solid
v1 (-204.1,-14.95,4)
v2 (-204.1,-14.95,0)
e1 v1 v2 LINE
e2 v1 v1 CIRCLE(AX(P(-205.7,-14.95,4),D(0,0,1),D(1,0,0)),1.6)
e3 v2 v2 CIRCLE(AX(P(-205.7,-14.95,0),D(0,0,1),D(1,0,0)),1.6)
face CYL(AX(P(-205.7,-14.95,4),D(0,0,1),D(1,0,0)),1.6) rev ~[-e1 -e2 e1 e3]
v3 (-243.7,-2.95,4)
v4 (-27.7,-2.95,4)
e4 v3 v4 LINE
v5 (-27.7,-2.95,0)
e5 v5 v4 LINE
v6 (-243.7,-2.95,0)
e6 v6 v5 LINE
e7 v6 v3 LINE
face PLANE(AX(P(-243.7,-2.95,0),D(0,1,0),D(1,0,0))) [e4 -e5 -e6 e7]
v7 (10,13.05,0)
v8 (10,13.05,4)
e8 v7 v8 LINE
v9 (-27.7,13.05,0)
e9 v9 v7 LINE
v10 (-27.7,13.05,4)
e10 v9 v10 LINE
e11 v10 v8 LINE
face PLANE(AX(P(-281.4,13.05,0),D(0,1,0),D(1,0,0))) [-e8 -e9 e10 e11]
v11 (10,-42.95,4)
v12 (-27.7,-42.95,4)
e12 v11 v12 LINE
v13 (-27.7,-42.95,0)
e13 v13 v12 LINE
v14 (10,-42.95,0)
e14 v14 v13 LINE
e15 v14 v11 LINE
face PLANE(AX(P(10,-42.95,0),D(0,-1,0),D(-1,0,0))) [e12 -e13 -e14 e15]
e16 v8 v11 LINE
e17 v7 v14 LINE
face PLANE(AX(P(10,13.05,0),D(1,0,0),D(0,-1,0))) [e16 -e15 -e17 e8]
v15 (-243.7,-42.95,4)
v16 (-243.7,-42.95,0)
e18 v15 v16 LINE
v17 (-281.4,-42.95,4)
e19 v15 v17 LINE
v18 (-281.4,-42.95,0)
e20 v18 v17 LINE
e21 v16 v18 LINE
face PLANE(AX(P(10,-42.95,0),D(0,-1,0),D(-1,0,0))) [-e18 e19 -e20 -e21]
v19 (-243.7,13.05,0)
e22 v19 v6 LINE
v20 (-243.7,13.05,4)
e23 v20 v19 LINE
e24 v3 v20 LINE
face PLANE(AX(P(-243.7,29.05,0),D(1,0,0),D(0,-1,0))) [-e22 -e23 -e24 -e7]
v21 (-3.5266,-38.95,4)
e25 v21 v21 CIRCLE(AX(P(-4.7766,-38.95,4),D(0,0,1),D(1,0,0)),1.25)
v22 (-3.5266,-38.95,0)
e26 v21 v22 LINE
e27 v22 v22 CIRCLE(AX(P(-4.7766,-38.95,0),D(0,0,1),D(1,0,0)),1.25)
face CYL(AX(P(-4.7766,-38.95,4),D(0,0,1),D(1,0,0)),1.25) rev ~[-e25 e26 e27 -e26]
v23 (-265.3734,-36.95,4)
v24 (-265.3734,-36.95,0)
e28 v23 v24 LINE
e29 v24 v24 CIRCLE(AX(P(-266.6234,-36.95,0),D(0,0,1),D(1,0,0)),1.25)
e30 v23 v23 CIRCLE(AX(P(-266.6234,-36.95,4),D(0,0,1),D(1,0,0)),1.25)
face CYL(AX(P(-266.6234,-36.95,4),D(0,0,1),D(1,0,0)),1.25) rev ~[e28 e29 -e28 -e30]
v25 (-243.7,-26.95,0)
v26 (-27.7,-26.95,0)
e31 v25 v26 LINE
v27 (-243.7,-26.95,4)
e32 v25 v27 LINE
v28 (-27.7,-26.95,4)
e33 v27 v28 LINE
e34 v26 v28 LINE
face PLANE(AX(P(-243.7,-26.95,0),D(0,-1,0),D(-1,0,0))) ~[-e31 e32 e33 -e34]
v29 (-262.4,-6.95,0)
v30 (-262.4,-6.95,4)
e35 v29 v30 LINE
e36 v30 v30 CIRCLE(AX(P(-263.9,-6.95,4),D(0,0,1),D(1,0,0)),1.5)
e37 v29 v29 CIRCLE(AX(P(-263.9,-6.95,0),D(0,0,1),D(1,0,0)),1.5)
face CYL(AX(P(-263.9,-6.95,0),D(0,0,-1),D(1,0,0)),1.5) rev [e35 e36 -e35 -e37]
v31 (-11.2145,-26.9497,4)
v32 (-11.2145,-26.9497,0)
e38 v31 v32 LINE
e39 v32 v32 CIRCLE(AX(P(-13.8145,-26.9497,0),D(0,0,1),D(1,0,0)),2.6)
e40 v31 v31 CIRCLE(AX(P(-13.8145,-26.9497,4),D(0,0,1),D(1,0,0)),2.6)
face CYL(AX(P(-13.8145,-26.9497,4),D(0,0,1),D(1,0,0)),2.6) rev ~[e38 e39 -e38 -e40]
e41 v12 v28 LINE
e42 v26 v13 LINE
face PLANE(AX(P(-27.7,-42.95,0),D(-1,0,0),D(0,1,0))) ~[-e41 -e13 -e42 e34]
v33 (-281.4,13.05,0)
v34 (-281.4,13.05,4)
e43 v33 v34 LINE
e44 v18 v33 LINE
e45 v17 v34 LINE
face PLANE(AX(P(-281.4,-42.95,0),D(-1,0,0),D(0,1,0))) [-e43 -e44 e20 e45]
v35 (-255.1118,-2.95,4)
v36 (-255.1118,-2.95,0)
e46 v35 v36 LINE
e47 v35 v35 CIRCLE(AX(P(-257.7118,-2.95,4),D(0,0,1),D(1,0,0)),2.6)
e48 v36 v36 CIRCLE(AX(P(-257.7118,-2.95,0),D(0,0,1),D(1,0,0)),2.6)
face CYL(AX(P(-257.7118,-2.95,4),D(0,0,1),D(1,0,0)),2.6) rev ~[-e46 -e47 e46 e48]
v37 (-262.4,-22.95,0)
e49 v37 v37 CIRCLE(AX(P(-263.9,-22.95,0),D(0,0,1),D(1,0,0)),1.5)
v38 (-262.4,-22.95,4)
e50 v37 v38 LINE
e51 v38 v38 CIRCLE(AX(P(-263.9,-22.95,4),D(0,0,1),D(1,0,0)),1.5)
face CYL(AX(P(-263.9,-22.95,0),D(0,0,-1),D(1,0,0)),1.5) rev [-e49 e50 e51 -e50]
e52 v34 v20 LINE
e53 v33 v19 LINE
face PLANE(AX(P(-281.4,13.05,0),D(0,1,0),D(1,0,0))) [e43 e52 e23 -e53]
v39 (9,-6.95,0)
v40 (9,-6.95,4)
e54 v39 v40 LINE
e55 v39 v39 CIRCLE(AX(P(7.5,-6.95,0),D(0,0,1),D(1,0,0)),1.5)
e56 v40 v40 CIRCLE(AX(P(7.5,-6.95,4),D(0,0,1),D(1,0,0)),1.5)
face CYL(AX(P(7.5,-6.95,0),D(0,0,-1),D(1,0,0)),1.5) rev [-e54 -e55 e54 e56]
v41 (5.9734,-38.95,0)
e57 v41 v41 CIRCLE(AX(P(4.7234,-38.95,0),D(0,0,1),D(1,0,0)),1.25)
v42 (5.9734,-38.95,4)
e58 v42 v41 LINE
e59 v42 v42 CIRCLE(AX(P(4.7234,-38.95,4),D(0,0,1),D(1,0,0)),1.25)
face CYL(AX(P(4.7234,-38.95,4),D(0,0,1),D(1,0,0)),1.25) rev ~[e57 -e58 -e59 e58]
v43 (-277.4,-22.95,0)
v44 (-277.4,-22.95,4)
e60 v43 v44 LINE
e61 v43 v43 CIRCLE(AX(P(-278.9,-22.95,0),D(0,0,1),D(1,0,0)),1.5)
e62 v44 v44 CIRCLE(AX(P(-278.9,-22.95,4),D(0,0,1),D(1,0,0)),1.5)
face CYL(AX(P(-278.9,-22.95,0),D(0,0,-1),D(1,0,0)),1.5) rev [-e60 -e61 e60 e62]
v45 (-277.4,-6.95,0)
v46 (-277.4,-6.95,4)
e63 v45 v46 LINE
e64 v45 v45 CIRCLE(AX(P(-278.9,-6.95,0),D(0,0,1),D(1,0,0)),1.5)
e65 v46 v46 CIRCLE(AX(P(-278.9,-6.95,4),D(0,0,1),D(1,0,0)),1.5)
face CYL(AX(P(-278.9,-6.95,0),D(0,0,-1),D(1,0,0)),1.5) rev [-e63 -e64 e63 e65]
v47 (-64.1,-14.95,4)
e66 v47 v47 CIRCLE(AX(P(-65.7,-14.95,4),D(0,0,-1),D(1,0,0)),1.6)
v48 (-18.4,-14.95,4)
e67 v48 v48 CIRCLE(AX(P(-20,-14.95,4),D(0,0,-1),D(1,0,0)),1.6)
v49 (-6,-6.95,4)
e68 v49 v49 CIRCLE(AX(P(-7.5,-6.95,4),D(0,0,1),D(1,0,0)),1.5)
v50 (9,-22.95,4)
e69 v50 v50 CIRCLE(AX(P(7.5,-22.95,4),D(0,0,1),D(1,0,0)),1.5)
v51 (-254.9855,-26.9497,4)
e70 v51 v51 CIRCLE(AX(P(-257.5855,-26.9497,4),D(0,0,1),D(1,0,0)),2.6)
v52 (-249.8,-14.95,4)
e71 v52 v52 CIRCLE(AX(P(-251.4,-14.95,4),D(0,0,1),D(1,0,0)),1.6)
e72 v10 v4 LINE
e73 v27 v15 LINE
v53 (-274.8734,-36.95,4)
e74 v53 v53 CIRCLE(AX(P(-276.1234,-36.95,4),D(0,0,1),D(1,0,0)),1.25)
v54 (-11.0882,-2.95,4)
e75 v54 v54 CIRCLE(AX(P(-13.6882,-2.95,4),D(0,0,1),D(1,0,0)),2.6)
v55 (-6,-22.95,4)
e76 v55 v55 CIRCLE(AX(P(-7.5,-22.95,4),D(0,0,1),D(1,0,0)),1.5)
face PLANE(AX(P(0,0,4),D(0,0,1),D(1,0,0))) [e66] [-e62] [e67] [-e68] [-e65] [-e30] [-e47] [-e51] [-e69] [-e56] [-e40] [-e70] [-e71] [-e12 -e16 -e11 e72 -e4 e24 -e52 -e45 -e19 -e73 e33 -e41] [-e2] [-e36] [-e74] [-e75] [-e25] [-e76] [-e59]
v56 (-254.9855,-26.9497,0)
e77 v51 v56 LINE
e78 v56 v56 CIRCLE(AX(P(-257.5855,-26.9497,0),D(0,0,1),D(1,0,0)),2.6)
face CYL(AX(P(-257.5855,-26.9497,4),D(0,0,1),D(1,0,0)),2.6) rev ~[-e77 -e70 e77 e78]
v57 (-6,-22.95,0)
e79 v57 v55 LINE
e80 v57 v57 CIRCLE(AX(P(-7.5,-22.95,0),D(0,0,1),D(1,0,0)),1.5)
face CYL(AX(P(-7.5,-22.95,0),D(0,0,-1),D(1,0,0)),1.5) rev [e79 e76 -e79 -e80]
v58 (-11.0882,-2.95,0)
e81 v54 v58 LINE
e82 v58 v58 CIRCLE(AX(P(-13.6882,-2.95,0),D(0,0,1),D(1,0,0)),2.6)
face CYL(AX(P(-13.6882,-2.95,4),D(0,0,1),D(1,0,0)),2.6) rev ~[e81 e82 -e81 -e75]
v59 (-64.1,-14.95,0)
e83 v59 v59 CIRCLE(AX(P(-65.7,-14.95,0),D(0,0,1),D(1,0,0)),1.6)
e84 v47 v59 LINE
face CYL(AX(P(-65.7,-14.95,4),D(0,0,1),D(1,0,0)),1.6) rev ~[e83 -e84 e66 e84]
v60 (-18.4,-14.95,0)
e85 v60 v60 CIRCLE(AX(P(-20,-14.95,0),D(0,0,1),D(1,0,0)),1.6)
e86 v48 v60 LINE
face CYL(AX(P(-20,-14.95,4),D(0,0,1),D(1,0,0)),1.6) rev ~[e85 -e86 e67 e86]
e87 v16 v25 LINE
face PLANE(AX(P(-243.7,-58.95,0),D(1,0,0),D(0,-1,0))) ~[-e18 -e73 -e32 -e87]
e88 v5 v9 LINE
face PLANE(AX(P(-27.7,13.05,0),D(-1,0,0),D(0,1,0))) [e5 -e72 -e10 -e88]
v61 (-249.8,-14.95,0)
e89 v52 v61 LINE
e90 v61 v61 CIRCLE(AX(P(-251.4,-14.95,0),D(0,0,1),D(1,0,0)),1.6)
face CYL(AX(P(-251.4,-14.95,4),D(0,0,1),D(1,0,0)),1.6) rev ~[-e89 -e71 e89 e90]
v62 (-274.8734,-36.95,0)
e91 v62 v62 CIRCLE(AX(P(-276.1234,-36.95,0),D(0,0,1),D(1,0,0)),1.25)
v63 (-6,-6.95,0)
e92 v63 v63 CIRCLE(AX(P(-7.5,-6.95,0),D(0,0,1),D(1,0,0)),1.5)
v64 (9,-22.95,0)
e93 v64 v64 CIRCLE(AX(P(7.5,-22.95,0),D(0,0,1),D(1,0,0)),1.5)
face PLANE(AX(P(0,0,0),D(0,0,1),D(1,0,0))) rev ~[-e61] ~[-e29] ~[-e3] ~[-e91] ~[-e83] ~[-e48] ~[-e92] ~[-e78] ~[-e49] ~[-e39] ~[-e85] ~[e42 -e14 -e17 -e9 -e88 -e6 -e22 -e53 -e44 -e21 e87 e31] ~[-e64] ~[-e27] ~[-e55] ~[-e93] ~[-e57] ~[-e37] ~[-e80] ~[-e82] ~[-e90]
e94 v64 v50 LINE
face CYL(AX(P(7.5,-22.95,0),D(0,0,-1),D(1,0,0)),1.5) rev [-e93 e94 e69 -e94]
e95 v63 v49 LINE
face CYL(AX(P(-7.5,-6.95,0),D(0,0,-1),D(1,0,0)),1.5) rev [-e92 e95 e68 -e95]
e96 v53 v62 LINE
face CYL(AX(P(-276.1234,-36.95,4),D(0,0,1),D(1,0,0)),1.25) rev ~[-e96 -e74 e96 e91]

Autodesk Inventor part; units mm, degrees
ref_plane "YZ Plane" through (0, 0, 0) normal (1, 0, 0) x (0, 1, 0)
ref_plane "XZ Plane" through (0, 0, 0) normal (0, 1, 0) x (-1, 0, 0)
ref_plane "XY Plane" through (0, 0, 0) normal (0, 0, 1) x (1, 0, 0)
sketch "Эскиз1" plane through (0, 0, 0) normal (0, 0, 1) x (1, 0, 0)
  circle A0 centre (-7.5, -22.95) radius 1.5 projected
  circle A1 centre (7.5, -22.95) radius 1.5 projected
  circle A2 centre (7.5, -6.95) radius 1.5 projected
  circle A3 centre (-7.5, -6.95) radius 1.5 projected
  line L0 (-281.4, 13.05) -> (10, 13.05)
  line L1 (10, 13.05) -> (10, -42.95)
  line L2 (10, -42.95) -> (-281.4, -42.95)
  line L3 (-281.4, -42.95) -> (-281.4, 13.05)
  line L4 (-281.4, 13.05) -> (10, -42.95) construction
  line L5 (10, 13.05) -> (-281.4, -42.95) construction
  line L6 (-135.7, -14.95) -> (-135.7, -42.95) construction
  circle A4 centre (-263.9, -22.95) radius 1.5
  circle A5 centre (-278.9, -22.95) radius 1.5
  circle A6 centre (-278.9, -6.95) radius 1.5
  circle A7 centre (-263.9, -6.95) radius 1.5
  point P0 (0, 0)
  dimension "d5" = 291.4
  dimension "d8" = 2.5
  dimension "d9" = 20
  dimension "d10" = 20
extrude "Выдавливание1" add sketch "Эскиз1" along normal blind 4
sketch "Эскиз3" plane through (0, 0, 4) normal (0, 0, 1) x (1, 0, 0)
  line L0 (-281.4, -42.95) -> (10, -42.95) construction
  line L1 (10, 13.05) -> (-281.4, 13.05) construction
  circle A0 centre (-257.7118, -2.95) radius 2.6
  circle A1 centre (-257.5855, -26.9497) radius 2.6
  line L2 (10, -39.95) -> (-281.4, -39.95) construction
  line L3 (-281.4, 10.05) -> (10, 10.05) construction
  line L4 (-135.7, -39.95) -> (-135.7, 10.05) construction
  circle A2 centre (-13.6882, -2.95) radius 2.6
  circle A3 centre (-13.8145, -26.9497) radius 2.6
  point P0 (0, 0)
extrude "Выдавливание2" cut sketch "Эскиз3" against normal blind 4
sketch "Эскиз4" plane through (0, 0, 0) normal (0, 0, -1) x (-1, 0, 0)
  line L0 (27.7, 29.05) -> (243.7, 29.05)
  line L1 (243.7, 29.05) -> (243.7, -2.95)
  line L2 (243.7, -2.95) -> (27.7, -2.95)
  line L3 (27.7, -2.95) -> (27.7, 29.05)
  line L4 (-10, 13.05) -> (281.4, 13.05) projected
  line L5 (27.7, 29.05) -> (243.7, -2.95) construction
  line L6 (243.7, 29.05) -> (27.7, -2.95) construction
  point P0 (0, 0)
  point P1 (135.7, 13.05)
  point P2 (243.7, 13.05)
  dimension "d13" = 16
  dimension "d14" = 216
extrude "Выдавливание3" cut sketch "Эскиз4" against normal blind 4
ref_plane "РабПлоскость1" through (-281.4, -14.95, 0) normal (0, -1, 0) x (1, 0, 0)
mirror "Зеркальное отражение1" about plane through (-281.4, -14.95, 0) normal (0, -1, 0) of "Выдавливание3"
sketch "Эскиз5" plane through (0, 0, 4) normal (0, 0, 1) x (1, 0, 0)
  circle A0 centre (4.7234, -38.95) radius 1.25
  circle A1 centre (-4.7766, -38.95) radius 1.25
  line L0 (-243.7, -26.95) -> (-27.7, -26.95) projected
  line L1 (-135.7, -26.95) -> (-135.7, -2.95)
  line L2 (-243.7, -2.95) -> (-27.7, -2.95) projected
  circle A2 centre (-276.1234, -36.95) radius 1.25
  circle A3 centre (-266.6234, -36.95) radius 1.25
  line L3 (-27.7, -42.95) -> (10, -42.95) projected
  point P0 (0, 0)
  dimension "d23" = 4
  dimension "d25" = 2.5
  dimension "d26" = 2.5
  dimension "d27" = 4
  dimension "d28" = 9.5
extrude "Выдавливание4" cut sketch "Эскиз5" against normal blind 10
sketch "Эскиз7" plane through (0, 0, 4) normal (0, 0, 1) x (1, 0, 0)
  circle A0 centre (-20, -14.95) radius 1.6
  circle A1 centre (-65.7, -14.95) radius 1.6
  line L0 (-243.7, -2.95) -> (-27.7, -2.95) projected
  line L1 (-135.7, -2.95) -> (-135.7, -16.103)
  circle A2 centre (-251.4, -14.95) radius 1.6
  circle A3 centre (-205.7, -14.95) radius 1.6
  line L2 (10, -42.95) -> (10, 13.05) projected
  line L3 (10, -14.95) -> (-93.8344, -14.95)
  point P0 (0, 0)
  dimension "d29" = 45.7
  dimension "d30" = 3.2
  dimension "d31" = 3.2
  dimension "d32" = 30
extrude "Выдавливание6" cut sketch "Эскиз7" against normal blind 10
properties part number "центр_рейка" material "Древесина (береза)"
